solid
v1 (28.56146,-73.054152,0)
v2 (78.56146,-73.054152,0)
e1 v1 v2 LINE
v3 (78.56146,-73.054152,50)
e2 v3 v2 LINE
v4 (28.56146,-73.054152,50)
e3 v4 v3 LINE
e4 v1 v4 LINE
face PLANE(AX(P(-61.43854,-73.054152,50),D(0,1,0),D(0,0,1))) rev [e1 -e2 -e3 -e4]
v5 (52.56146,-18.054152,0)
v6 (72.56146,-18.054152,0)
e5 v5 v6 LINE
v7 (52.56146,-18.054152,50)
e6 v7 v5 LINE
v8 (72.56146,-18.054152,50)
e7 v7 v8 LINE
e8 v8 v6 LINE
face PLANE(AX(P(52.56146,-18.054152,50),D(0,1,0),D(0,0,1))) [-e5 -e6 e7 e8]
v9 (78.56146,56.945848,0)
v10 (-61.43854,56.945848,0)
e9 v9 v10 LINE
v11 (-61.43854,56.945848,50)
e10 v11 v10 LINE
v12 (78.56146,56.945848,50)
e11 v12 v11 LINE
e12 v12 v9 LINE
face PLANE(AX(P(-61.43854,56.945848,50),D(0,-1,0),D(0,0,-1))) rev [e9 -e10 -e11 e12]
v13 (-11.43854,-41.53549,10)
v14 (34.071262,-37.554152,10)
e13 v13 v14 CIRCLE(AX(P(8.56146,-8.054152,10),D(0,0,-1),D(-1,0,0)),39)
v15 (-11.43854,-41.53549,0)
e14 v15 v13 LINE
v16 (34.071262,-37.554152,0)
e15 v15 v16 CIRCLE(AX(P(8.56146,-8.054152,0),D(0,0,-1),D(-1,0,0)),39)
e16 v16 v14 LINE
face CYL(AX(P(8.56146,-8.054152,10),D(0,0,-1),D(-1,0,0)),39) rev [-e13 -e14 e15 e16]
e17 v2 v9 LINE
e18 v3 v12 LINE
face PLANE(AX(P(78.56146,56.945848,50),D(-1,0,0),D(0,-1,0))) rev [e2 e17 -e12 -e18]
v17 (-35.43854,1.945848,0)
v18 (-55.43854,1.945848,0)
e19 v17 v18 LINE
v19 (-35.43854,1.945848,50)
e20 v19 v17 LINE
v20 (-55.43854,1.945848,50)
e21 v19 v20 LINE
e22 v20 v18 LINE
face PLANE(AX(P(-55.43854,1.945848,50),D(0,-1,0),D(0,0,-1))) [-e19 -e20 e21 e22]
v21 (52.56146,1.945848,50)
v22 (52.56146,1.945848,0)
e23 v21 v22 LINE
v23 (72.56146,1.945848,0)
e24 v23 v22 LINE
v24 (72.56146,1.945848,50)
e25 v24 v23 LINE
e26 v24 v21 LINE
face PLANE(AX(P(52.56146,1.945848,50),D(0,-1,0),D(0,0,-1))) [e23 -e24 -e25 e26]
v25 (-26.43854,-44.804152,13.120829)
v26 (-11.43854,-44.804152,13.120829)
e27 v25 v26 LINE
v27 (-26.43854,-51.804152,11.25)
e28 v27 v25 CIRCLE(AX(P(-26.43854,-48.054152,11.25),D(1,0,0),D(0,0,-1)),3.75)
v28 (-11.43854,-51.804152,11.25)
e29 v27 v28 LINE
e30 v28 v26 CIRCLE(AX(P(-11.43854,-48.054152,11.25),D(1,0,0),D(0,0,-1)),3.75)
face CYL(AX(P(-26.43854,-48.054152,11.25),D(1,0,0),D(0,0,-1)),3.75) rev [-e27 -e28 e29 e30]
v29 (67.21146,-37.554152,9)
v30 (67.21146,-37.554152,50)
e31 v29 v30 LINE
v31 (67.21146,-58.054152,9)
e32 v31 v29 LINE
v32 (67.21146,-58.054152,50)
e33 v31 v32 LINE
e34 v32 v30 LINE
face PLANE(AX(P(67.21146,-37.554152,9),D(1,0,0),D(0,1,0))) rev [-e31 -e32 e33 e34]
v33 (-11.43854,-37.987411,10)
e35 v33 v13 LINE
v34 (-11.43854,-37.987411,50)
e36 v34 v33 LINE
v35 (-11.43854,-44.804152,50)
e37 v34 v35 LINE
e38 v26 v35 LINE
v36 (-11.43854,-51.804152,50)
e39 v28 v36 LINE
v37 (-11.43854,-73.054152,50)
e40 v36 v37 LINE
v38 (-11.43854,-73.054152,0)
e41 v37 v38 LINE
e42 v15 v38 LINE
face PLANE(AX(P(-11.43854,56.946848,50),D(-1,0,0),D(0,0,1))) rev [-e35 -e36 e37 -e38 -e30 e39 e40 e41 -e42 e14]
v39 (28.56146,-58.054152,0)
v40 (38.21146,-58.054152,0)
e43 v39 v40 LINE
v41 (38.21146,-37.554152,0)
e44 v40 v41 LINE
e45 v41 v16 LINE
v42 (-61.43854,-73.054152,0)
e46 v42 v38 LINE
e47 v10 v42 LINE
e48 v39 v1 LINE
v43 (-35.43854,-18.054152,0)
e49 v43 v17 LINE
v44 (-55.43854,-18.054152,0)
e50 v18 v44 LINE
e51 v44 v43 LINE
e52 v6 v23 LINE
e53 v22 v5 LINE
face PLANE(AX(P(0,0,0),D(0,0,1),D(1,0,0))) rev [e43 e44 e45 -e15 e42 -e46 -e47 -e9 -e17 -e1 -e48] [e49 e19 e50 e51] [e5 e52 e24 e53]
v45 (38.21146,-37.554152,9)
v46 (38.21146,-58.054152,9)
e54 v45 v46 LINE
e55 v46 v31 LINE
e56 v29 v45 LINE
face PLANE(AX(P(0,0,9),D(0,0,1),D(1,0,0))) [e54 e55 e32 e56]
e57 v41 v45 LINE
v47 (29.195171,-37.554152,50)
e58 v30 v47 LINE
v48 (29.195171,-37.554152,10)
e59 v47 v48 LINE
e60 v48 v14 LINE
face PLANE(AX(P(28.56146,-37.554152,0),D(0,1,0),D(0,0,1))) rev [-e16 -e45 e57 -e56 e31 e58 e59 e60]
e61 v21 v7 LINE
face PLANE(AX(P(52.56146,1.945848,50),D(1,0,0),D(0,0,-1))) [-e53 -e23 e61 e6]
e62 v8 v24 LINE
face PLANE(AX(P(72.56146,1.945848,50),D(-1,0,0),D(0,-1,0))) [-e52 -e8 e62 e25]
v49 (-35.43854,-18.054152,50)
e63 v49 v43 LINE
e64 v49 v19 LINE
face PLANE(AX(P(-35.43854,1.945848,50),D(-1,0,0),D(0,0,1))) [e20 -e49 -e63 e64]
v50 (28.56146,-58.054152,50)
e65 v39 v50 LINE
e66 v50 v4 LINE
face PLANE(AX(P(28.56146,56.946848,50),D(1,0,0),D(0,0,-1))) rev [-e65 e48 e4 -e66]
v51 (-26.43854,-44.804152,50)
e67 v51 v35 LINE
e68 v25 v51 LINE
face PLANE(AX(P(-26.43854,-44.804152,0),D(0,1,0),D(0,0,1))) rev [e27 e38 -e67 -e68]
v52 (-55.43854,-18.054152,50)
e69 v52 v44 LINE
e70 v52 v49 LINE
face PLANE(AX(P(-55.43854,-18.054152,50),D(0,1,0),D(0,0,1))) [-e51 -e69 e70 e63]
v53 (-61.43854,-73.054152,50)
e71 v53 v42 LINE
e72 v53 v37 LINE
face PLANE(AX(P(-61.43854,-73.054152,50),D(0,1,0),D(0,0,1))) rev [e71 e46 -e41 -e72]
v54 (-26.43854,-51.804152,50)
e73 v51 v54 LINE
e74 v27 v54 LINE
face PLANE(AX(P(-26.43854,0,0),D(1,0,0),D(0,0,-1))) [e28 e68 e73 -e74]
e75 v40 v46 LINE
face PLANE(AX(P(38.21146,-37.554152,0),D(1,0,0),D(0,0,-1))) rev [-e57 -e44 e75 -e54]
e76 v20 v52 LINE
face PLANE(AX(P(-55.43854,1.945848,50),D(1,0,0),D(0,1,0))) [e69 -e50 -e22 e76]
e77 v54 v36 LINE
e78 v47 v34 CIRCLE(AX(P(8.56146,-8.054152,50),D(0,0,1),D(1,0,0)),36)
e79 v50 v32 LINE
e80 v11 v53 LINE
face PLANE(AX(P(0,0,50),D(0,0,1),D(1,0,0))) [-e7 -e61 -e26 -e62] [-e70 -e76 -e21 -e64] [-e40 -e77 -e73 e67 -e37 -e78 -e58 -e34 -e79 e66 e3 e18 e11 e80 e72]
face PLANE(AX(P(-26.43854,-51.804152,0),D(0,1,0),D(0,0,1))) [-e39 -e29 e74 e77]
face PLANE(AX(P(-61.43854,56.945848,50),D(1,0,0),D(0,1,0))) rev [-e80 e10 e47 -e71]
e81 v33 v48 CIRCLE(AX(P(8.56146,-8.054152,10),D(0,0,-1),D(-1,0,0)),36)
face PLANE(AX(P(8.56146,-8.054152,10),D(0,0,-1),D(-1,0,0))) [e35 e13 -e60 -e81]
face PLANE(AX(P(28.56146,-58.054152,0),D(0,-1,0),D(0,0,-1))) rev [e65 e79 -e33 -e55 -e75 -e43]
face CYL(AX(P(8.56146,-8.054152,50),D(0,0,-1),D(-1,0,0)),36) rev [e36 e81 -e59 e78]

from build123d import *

# Parameters (mm, degrees)
SKETCH_1_W          = 140
SKETCH_1_H          = 130
SKETCH_1_R          = 36
SKETCH_1_W_2        = 20
SKETCH_1_H_2        = 20
EXTRUDE_1_DEPTH     = 50
SKETCH_2_R          = 39
CUT_EXTRUDE_1_DEPTH = 10
CUT_EXTRUDE_2_REACH = 132
SKETCH_3_W          = 40
SKETCH_3_H          = 50
SKETCH_4_R          = 3.75
SKETCH_4_W          = 38.75
SKETCH_4_H          = 7
CUT_EXTRUDE_3_DEPTH = 15
SKETCH_6_W          = 9.65
SKETCH_6_H          = 20.5
CUT_EXTRUDE_4_DEPTH = 51
SKETCH_7_W          = 29
SKETCH_7_H          = 20.5
CUT_EXTRUDE_5_DEPTH = 41


with BuildPart() as part:
    # 草圖1 → 填料-伸長1 (new body)
    with BuildSketch(Plane.XY):
        with Locations((8.56146046, -8.054151625)):
            Rectangle(SKETCH_1_W, SKETCH_1_H)
        with Locations((8.56146046, -8.054151625)):
            Circle(SKETCH_1_R, mode=Mode.SUBTRACT)
        with Locations((-45.43853954, -8.054151625)):
            Rectangle(SKETCH_1_W_2, SKETCH_1_H_2, mode=Mode.SUBTRACT)
        with Locations((62.56146046, -8.054151625)):
            Rectangle(SKETCH_1_W_2, SKETCH_1_H_2, mode=Mode.SUBTRACT)
    extrude(amount=EXTRUDE_1_DEPTH)

    # 草圖2 → 除料-伸長1 (cut)
    with BuildSketch(Plane(origin=(0, 0, 0), x_dir=(-1, 0, 0), z_dir=(0, 0, -1))):
        with Locations((-8.56146046, -8.054151625)):
            Circle(SKETCH_2_R)
    extrude(amount=-CUT_EXTRUDE_1_DEPTH, mode=Mode.SUBTRACT)

    # 草圖3 → 除料-伸長2 (cut, up to next)
    with BuildSketch(Plane.XZ.offset(73.054151625), mode=Mode.PRIVATE) as cut_extrude_2_sk1:
        with Locations((8.56146046, 25)):
            Rectangle(SKETCH_3_W, SKETCH_3_H)
    cut_extrude_2_tool1 = extrude(cut_extrude_2_sk1.sketch, amount=-CUT_EXTRUDE_2_REACH, mode=Mode.PRIVATE) & part.part
    add(cut_extrude_2_tool1.solids().sort_by_distance((8.56146, -73.054152, 25))[0], mode=Mode.SUBTRACT)

    # 草圖4 → 除料-伸長3 (cut)
    with BuildSketch(Plane(origin=(-11.43853954, 0, 0), x_dir=(0, 0, -1), z_dir=(1, 0, 0))):
        with Locations((-11.25, -48.054151625)):
            Circle(SKETCH_4_R)
        with Locations((-30.625, -48.304151625)):
            Rectangle(SKETCH_4_W, SKETCH_4_H)
    extrude(amount=-CUT_EXTRUDE_3_DEPTH, mode=Mode.SUBTRACT)

    # 草圖6 → 除料-伸長4 (cut, through all)
    with BuildSketch(Plane.XY.offset(50)):
        with Locations((33.38646046, -47.804151625)):
            Rectangle(SKETCH_6_W, SKETCH_6_H)
    extrude(amount=-CUT_EXTRUDE_4_DEPTH, mode=Mode.SUBTRACT)

    # 草圖7 → 除料-伸長5 (cut)
    with BuildSketch(Plane.XY.offset(50)):
        with Locations((52.71146046, -47.804151625)):
            Rectangle(SKETCH_7_W, SKETCH_7_H)
    extrude(amount=-CUT_EXTRUDE_5_DEPTH, mode=Mode.SUBTRACT)


solid = part.part
